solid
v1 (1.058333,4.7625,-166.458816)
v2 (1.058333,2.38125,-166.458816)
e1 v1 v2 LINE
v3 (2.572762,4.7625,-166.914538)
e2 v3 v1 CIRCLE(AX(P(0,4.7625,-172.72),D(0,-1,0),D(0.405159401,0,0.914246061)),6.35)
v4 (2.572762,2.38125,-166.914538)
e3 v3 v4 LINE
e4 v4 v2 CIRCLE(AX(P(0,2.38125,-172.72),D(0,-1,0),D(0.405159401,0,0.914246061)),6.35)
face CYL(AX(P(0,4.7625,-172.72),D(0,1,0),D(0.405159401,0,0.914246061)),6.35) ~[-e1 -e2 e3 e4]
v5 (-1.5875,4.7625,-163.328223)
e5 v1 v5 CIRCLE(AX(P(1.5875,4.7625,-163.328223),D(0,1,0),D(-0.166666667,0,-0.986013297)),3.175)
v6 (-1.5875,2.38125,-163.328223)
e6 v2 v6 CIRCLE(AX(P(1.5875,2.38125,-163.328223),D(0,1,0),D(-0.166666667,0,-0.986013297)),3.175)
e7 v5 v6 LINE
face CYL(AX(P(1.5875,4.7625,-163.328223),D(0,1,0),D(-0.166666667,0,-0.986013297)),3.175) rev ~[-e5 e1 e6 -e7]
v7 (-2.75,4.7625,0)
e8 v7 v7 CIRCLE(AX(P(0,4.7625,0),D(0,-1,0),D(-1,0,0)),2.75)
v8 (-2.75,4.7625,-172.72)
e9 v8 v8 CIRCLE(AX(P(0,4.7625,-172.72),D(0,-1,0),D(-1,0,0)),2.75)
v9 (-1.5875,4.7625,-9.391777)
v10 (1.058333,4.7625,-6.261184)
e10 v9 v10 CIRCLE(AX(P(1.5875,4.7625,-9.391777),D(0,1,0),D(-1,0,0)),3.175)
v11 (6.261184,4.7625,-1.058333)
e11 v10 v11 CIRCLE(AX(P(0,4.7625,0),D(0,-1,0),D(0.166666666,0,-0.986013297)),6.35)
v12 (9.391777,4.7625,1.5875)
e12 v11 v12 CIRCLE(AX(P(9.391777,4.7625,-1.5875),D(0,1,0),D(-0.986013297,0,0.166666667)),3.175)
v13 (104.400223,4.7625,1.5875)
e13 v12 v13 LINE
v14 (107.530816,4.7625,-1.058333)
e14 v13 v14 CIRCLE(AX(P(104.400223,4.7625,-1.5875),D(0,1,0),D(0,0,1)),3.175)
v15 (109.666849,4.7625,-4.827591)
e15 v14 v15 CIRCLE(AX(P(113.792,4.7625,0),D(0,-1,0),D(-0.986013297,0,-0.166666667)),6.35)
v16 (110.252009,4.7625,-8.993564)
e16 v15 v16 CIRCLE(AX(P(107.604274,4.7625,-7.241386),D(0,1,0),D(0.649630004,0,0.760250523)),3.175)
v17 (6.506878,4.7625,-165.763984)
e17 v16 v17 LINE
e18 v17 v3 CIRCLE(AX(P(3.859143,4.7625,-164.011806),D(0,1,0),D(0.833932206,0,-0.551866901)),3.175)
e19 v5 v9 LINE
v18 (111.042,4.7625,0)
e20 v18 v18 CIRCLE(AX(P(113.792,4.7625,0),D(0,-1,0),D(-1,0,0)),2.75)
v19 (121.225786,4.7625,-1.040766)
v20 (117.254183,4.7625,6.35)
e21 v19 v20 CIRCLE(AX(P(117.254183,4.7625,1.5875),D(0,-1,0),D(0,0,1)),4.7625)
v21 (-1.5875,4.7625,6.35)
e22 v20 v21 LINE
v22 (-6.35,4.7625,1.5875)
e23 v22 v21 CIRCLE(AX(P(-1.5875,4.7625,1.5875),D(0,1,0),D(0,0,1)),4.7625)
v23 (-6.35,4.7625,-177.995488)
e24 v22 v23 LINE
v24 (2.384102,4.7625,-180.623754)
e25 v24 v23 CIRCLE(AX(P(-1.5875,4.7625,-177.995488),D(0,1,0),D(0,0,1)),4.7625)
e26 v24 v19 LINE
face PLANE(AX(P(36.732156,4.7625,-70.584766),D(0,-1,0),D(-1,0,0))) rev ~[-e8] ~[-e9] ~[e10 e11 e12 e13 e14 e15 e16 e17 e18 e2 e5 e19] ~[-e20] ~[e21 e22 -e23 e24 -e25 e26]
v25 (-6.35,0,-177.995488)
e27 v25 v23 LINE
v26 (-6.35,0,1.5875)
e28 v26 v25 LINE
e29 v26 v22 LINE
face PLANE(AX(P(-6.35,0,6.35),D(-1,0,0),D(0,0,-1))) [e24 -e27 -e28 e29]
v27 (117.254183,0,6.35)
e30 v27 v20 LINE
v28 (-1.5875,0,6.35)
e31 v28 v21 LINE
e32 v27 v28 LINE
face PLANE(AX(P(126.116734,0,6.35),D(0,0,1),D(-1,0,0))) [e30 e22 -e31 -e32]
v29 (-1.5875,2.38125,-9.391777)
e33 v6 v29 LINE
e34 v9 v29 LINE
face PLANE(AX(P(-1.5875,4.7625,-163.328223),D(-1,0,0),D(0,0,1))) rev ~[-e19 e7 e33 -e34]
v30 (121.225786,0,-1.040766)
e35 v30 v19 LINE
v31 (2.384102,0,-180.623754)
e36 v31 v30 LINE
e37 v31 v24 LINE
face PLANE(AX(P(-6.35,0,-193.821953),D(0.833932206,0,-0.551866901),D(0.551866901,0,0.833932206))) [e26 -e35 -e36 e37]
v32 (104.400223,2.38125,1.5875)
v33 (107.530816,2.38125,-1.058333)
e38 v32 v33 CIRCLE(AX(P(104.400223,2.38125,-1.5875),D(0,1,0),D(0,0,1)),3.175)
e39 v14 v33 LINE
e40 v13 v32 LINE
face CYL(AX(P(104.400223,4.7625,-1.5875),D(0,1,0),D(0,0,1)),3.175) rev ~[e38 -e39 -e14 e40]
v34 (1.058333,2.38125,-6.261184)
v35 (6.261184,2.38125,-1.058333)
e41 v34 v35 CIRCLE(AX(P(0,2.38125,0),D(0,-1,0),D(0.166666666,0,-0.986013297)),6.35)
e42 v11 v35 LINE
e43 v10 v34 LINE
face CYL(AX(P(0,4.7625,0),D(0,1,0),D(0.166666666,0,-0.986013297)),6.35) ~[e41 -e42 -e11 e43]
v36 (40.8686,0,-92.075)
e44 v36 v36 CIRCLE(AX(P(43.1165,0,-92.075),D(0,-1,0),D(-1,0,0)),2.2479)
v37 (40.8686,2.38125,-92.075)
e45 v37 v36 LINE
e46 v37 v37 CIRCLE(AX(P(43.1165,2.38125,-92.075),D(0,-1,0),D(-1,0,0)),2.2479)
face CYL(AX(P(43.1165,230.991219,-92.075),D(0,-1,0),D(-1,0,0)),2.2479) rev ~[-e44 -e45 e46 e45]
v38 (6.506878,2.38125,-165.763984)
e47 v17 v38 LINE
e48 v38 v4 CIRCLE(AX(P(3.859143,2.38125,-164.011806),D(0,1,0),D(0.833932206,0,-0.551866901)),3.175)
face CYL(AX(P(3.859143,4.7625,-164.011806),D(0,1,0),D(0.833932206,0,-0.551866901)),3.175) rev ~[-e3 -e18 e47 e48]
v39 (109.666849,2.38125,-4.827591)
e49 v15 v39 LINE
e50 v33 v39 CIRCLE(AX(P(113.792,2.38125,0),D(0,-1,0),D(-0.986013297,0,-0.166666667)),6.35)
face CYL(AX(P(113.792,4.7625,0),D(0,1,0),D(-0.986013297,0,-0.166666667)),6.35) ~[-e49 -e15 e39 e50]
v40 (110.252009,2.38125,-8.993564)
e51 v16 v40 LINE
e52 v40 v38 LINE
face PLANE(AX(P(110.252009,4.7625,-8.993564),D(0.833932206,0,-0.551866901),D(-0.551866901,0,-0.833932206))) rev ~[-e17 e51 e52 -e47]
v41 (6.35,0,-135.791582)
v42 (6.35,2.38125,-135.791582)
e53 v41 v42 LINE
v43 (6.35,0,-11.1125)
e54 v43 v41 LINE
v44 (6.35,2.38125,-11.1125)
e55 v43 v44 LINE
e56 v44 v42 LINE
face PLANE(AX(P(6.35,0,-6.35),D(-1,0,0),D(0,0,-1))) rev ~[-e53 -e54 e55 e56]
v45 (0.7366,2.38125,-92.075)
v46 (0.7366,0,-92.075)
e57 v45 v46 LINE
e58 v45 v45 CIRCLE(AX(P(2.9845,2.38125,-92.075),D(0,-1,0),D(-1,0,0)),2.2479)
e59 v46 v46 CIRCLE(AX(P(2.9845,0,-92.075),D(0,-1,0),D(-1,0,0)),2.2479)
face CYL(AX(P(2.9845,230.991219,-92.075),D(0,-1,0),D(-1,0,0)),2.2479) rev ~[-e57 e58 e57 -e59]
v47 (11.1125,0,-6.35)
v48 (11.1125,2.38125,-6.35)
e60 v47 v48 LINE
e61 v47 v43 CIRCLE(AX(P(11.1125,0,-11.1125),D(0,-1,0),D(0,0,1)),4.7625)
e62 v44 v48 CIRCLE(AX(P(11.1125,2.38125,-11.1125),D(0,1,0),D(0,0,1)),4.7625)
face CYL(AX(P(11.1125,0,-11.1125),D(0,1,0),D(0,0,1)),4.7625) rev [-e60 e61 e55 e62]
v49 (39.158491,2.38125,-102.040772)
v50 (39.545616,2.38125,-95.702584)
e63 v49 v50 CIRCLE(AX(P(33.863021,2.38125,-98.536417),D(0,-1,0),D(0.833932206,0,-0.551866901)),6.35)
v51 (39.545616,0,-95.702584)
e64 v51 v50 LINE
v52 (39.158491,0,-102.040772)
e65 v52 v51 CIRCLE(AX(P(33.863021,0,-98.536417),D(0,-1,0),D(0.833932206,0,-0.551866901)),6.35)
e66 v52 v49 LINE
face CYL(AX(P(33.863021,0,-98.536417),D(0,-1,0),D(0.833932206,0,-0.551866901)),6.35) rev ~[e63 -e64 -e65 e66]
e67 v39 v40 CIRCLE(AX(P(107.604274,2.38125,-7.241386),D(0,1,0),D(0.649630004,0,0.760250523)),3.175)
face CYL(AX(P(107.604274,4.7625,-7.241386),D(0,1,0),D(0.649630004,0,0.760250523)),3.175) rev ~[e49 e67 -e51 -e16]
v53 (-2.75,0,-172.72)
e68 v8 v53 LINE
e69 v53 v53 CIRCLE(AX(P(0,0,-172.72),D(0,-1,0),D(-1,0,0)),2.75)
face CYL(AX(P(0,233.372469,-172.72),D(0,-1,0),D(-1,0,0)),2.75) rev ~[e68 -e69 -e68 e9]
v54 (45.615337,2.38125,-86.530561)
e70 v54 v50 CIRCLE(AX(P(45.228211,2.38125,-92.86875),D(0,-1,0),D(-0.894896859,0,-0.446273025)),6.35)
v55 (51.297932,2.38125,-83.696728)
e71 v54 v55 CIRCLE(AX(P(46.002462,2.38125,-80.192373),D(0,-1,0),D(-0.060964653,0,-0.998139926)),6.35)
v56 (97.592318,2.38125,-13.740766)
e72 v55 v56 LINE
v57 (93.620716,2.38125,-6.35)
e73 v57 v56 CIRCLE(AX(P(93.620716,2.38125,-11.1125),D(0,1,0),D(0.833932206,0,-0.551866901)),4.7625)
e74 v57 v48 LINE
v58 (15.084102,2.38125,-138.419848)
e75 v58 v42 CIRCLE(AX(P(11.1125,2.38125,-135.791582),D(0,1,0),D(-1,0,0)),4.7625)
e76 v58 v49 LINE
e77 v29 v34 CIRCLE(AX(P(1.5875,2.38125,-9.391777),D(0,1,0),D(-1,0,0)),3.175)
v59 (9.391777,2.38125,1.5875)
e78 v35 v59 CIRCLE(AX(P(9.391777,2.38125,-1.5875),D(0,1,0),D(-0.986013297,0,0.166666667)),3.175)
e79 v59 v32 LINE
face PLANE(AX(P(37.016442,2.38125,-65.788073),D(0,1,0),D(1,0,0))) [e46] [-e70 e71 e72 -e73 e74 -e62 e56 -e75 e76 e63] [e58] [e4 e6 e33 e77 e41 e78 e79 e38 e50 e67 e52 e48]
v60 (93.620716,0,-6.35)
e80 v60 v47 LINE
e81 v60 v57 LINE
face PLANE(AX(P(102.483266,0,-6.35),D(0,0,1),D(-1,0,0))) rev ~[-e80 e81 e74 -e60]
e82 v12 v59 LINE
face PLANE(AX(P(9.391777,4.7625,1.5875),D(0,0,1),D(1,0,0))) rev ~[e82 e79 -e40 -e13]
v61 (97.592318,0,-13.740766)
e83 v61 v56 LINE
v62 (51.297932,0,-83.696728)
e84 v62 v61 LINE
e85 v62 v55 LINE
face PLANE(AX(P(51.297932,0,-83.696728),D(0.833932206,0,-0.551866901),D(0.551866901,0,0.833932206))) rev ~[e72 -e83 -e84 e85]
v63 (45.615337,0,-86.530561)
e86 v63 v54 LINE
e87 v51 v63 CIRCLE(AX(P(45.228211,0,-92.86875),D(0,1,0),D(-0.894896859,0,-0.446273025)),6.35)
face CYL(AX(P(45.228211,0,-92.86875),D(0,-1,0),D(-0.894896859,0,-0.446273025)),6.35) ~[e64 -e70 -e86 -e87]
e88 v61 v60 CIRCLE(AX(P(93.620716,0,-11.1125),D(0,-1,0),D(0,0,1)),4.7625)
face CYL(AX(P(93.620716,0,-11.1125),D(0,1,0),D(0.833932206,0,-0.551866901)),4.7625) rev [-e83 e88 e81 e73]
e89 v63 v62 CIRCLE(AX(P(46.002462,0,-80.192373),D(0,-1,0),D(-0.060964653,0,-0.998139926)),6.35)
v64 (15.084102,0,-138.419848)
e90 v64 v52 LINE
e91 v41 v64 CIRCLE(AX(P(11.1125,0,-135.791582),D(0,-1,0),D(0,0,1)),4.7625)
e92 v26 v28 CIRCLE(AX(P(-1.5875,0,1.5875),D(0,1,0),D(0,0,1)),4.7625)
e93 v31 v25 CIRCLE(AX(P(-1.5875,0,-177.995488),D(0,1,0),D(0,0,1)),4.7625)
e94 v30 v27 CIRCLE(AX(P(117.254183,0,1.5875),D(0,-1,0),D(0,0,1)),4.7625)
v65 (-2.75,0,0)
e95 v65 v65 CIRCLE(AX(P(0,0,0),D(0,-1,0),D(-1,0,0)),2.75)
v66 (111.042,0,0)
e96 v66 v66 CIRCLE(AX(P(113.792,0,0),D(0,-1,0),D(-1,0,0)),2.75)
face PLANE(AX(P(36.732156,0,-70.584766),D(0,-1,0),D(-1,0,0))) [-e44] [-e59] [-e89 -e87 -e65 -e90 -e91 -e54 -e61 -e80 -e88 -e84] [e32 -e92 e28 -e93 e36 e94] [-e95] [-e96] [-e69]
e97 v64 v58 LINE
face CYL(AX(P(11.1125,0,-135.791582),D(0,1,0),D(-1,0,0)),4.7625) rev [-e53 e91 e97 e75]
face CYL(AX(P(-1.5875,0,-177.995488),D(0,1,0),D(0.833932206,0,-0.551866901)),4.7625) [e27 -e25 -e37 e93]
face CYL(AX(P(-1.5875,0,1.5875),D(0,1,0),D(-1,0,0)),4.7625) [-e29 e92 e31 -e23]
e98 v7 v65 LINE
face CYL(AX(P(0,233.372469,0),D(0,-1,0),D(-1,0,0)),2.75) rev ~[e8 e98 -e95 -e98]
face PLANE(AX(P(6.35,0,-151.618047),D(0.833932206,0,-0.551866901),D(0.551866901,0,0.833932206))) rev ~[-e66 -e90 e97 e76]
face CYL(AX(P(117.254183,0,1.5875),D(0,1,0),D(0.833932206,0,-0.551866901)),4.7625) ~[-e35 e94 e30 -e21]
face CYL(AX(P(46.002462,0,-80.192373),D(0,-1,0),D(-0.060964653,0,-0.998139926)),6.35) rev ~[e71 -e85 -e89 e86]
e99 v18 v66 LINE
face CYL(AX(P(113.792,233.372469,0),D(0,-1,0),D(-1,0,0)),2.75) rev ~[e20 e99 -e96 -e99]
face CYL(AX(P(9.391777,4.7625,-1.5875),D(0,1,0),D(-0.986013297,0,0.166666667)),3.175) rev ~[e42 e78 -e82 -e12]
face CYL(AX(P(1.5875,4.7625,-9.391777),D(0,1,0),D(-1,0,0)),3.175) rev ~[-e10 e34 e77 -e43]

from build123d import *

# Parameters (mm, degrees)
BOSS_EXTRUDE1_DEPTH          = 4.7625
FILLET5_R                    = 4.7625
F_97_0_0059_DIAMETER_HOLE1_D = 5.499999922
CUT_EXTRUDE1_DEPTH           = 2.38125
F_8_CLEARANCE_HOLE1_D        = 4.4958


with BuildPart() as part:
    # Sketch1 → Boss-Extrude1 (new body)
    with BuildSketch(Plane(origin=(0, 0, 0), x_dir=(1, 0, 0), z_dir=(0, 1, 0))):
        Polygon((-6.35, 193.821953186), (126.116733726, -6.35), (-6.35, -6.35), align=None)
        with BuildLine():
            Line((51.297931724, 83.696727765), (102.483266274, 6.35))
            Line((102.483266274, 6.35), (6.35, 6.35))
            Line((6.35, 6.35), (6.35, 151.618046814))
            Line((6.35, 151.618046814), (39.158490531, 102.040772235))
            ThreePointArc((39.158490531, 102.040772235), (40.201209552, 98.92354296), (39.545616076, 95.702583707))
            ThreePointArc((39.545616076, 95.702583707), (39.932741621, 89.36439518), (45.615336672, 86.530561472))
            ThreePointArc((45.615336672, 86.530561472), (48.836295925, 85.874967996), (51.297931724, 83.696727765))
        make_face(mode=Mode.SUBTRACT)
    extrude(amount=BOSS_EXTRUDE1_DEPTH)

    # Fillet5
    fillet5_edges = [part.edges().sort_by_distance(p)[0] for p in [
        (6.35, 2.38125, -151.618046814),
        (6.35, 2.38125, -6.35),
        (102.483266274, 2.38125, -6.35),
        (-6.35, 2.38125, -193.821953186),
        (126.116733726, 2.38125, 6.35),
        (-6.35, 2.38125, 6.35),
    ]]
    fillet(fillet5_edges, radius=FILLET5_R)

    # #97 (0.0059) Diameter Hole1 (through all)
    with Locations(Plane(origin=(0, 4.7625, 0), x_dir=(1, 0, 0), z_dir=(0, 1, 0))):
        with Locations((0, 172.72), (0, 0), (113.792, 0)):
            Hole(F_97_0_0059_DIAMETER_HOLE1_D / 2)

    # Sketch5 → Cut-Extrude1 (cut)
    with BuildSketch(Plane(origin=(0, 4.7625, 0), x_dir=(1, 0, 0), z_dir=(0, 1, 0))):
        with BuildLine():
            Line((110.252008963, 8.993563641), (6.506878053, 165.763983683))
            ThreePointArc((6.506878053, 165.763983683), (4.750358466, 167.059159309), (2.5727622, 166.914537515))
            ThreePointArc((2.5727622, 166.914537515), (1.829790785, 166.639344963), (1.058333333, 166.458815563))
            ThreePointArc((1.058333333, 166.458815563), (-0.837446305, 165.377677032), (-1.5875, 163.328223344))
            Line((-1.5875, 163.328223344), (-1.5875, 9.391776656))
            ThreePointArc((-1.5875, 9.391776656), (-0.837446305, 7.342322968), (1.058333333, 6.261184437))
            ThreePointArc((1.058333333, 6.261184437), (4.490128061, 4.490128061), (6.261184437, 1.058333333))
            ThreePointArc((6.261184437, 1.058333333), (7.342322968, -0.837446305), (9.391776656, -1.5875))
            Line((9.391776656, -1.5875), (104.400223344, -1.5875))
            ThreePointArc((104.400223344, -1.5875), (106.449677032, -0.837446305), (107.530815563, 1.058333333))
            ThreePointArc((107.530815563, 1.058333333), (108.267435402, 3.130764444), (109.666849473, 4.827590821))
            ThreePointArc((109.666849473, 4.827590821), (110.748409623, 6.799755727), (110.252008963, 8.993563641))
        make_face()
    extrude(amount=-CUT_EXTRUDE1_DEPTH, mode=Mode.SUBTRACT)

    # #8 Clearance Hole1 (through all)
    with Locations(Plane(origin=(0, 2.38125, 0), x_dir=(1, 0, 0), z_dir=(0, 1, 0))):
        with Locations((2.9845, 92.075), (43.1165, 92.075)):
            Hole(F_8_CLEARANCE_HOLE1_D / 2)


solid = part.part
